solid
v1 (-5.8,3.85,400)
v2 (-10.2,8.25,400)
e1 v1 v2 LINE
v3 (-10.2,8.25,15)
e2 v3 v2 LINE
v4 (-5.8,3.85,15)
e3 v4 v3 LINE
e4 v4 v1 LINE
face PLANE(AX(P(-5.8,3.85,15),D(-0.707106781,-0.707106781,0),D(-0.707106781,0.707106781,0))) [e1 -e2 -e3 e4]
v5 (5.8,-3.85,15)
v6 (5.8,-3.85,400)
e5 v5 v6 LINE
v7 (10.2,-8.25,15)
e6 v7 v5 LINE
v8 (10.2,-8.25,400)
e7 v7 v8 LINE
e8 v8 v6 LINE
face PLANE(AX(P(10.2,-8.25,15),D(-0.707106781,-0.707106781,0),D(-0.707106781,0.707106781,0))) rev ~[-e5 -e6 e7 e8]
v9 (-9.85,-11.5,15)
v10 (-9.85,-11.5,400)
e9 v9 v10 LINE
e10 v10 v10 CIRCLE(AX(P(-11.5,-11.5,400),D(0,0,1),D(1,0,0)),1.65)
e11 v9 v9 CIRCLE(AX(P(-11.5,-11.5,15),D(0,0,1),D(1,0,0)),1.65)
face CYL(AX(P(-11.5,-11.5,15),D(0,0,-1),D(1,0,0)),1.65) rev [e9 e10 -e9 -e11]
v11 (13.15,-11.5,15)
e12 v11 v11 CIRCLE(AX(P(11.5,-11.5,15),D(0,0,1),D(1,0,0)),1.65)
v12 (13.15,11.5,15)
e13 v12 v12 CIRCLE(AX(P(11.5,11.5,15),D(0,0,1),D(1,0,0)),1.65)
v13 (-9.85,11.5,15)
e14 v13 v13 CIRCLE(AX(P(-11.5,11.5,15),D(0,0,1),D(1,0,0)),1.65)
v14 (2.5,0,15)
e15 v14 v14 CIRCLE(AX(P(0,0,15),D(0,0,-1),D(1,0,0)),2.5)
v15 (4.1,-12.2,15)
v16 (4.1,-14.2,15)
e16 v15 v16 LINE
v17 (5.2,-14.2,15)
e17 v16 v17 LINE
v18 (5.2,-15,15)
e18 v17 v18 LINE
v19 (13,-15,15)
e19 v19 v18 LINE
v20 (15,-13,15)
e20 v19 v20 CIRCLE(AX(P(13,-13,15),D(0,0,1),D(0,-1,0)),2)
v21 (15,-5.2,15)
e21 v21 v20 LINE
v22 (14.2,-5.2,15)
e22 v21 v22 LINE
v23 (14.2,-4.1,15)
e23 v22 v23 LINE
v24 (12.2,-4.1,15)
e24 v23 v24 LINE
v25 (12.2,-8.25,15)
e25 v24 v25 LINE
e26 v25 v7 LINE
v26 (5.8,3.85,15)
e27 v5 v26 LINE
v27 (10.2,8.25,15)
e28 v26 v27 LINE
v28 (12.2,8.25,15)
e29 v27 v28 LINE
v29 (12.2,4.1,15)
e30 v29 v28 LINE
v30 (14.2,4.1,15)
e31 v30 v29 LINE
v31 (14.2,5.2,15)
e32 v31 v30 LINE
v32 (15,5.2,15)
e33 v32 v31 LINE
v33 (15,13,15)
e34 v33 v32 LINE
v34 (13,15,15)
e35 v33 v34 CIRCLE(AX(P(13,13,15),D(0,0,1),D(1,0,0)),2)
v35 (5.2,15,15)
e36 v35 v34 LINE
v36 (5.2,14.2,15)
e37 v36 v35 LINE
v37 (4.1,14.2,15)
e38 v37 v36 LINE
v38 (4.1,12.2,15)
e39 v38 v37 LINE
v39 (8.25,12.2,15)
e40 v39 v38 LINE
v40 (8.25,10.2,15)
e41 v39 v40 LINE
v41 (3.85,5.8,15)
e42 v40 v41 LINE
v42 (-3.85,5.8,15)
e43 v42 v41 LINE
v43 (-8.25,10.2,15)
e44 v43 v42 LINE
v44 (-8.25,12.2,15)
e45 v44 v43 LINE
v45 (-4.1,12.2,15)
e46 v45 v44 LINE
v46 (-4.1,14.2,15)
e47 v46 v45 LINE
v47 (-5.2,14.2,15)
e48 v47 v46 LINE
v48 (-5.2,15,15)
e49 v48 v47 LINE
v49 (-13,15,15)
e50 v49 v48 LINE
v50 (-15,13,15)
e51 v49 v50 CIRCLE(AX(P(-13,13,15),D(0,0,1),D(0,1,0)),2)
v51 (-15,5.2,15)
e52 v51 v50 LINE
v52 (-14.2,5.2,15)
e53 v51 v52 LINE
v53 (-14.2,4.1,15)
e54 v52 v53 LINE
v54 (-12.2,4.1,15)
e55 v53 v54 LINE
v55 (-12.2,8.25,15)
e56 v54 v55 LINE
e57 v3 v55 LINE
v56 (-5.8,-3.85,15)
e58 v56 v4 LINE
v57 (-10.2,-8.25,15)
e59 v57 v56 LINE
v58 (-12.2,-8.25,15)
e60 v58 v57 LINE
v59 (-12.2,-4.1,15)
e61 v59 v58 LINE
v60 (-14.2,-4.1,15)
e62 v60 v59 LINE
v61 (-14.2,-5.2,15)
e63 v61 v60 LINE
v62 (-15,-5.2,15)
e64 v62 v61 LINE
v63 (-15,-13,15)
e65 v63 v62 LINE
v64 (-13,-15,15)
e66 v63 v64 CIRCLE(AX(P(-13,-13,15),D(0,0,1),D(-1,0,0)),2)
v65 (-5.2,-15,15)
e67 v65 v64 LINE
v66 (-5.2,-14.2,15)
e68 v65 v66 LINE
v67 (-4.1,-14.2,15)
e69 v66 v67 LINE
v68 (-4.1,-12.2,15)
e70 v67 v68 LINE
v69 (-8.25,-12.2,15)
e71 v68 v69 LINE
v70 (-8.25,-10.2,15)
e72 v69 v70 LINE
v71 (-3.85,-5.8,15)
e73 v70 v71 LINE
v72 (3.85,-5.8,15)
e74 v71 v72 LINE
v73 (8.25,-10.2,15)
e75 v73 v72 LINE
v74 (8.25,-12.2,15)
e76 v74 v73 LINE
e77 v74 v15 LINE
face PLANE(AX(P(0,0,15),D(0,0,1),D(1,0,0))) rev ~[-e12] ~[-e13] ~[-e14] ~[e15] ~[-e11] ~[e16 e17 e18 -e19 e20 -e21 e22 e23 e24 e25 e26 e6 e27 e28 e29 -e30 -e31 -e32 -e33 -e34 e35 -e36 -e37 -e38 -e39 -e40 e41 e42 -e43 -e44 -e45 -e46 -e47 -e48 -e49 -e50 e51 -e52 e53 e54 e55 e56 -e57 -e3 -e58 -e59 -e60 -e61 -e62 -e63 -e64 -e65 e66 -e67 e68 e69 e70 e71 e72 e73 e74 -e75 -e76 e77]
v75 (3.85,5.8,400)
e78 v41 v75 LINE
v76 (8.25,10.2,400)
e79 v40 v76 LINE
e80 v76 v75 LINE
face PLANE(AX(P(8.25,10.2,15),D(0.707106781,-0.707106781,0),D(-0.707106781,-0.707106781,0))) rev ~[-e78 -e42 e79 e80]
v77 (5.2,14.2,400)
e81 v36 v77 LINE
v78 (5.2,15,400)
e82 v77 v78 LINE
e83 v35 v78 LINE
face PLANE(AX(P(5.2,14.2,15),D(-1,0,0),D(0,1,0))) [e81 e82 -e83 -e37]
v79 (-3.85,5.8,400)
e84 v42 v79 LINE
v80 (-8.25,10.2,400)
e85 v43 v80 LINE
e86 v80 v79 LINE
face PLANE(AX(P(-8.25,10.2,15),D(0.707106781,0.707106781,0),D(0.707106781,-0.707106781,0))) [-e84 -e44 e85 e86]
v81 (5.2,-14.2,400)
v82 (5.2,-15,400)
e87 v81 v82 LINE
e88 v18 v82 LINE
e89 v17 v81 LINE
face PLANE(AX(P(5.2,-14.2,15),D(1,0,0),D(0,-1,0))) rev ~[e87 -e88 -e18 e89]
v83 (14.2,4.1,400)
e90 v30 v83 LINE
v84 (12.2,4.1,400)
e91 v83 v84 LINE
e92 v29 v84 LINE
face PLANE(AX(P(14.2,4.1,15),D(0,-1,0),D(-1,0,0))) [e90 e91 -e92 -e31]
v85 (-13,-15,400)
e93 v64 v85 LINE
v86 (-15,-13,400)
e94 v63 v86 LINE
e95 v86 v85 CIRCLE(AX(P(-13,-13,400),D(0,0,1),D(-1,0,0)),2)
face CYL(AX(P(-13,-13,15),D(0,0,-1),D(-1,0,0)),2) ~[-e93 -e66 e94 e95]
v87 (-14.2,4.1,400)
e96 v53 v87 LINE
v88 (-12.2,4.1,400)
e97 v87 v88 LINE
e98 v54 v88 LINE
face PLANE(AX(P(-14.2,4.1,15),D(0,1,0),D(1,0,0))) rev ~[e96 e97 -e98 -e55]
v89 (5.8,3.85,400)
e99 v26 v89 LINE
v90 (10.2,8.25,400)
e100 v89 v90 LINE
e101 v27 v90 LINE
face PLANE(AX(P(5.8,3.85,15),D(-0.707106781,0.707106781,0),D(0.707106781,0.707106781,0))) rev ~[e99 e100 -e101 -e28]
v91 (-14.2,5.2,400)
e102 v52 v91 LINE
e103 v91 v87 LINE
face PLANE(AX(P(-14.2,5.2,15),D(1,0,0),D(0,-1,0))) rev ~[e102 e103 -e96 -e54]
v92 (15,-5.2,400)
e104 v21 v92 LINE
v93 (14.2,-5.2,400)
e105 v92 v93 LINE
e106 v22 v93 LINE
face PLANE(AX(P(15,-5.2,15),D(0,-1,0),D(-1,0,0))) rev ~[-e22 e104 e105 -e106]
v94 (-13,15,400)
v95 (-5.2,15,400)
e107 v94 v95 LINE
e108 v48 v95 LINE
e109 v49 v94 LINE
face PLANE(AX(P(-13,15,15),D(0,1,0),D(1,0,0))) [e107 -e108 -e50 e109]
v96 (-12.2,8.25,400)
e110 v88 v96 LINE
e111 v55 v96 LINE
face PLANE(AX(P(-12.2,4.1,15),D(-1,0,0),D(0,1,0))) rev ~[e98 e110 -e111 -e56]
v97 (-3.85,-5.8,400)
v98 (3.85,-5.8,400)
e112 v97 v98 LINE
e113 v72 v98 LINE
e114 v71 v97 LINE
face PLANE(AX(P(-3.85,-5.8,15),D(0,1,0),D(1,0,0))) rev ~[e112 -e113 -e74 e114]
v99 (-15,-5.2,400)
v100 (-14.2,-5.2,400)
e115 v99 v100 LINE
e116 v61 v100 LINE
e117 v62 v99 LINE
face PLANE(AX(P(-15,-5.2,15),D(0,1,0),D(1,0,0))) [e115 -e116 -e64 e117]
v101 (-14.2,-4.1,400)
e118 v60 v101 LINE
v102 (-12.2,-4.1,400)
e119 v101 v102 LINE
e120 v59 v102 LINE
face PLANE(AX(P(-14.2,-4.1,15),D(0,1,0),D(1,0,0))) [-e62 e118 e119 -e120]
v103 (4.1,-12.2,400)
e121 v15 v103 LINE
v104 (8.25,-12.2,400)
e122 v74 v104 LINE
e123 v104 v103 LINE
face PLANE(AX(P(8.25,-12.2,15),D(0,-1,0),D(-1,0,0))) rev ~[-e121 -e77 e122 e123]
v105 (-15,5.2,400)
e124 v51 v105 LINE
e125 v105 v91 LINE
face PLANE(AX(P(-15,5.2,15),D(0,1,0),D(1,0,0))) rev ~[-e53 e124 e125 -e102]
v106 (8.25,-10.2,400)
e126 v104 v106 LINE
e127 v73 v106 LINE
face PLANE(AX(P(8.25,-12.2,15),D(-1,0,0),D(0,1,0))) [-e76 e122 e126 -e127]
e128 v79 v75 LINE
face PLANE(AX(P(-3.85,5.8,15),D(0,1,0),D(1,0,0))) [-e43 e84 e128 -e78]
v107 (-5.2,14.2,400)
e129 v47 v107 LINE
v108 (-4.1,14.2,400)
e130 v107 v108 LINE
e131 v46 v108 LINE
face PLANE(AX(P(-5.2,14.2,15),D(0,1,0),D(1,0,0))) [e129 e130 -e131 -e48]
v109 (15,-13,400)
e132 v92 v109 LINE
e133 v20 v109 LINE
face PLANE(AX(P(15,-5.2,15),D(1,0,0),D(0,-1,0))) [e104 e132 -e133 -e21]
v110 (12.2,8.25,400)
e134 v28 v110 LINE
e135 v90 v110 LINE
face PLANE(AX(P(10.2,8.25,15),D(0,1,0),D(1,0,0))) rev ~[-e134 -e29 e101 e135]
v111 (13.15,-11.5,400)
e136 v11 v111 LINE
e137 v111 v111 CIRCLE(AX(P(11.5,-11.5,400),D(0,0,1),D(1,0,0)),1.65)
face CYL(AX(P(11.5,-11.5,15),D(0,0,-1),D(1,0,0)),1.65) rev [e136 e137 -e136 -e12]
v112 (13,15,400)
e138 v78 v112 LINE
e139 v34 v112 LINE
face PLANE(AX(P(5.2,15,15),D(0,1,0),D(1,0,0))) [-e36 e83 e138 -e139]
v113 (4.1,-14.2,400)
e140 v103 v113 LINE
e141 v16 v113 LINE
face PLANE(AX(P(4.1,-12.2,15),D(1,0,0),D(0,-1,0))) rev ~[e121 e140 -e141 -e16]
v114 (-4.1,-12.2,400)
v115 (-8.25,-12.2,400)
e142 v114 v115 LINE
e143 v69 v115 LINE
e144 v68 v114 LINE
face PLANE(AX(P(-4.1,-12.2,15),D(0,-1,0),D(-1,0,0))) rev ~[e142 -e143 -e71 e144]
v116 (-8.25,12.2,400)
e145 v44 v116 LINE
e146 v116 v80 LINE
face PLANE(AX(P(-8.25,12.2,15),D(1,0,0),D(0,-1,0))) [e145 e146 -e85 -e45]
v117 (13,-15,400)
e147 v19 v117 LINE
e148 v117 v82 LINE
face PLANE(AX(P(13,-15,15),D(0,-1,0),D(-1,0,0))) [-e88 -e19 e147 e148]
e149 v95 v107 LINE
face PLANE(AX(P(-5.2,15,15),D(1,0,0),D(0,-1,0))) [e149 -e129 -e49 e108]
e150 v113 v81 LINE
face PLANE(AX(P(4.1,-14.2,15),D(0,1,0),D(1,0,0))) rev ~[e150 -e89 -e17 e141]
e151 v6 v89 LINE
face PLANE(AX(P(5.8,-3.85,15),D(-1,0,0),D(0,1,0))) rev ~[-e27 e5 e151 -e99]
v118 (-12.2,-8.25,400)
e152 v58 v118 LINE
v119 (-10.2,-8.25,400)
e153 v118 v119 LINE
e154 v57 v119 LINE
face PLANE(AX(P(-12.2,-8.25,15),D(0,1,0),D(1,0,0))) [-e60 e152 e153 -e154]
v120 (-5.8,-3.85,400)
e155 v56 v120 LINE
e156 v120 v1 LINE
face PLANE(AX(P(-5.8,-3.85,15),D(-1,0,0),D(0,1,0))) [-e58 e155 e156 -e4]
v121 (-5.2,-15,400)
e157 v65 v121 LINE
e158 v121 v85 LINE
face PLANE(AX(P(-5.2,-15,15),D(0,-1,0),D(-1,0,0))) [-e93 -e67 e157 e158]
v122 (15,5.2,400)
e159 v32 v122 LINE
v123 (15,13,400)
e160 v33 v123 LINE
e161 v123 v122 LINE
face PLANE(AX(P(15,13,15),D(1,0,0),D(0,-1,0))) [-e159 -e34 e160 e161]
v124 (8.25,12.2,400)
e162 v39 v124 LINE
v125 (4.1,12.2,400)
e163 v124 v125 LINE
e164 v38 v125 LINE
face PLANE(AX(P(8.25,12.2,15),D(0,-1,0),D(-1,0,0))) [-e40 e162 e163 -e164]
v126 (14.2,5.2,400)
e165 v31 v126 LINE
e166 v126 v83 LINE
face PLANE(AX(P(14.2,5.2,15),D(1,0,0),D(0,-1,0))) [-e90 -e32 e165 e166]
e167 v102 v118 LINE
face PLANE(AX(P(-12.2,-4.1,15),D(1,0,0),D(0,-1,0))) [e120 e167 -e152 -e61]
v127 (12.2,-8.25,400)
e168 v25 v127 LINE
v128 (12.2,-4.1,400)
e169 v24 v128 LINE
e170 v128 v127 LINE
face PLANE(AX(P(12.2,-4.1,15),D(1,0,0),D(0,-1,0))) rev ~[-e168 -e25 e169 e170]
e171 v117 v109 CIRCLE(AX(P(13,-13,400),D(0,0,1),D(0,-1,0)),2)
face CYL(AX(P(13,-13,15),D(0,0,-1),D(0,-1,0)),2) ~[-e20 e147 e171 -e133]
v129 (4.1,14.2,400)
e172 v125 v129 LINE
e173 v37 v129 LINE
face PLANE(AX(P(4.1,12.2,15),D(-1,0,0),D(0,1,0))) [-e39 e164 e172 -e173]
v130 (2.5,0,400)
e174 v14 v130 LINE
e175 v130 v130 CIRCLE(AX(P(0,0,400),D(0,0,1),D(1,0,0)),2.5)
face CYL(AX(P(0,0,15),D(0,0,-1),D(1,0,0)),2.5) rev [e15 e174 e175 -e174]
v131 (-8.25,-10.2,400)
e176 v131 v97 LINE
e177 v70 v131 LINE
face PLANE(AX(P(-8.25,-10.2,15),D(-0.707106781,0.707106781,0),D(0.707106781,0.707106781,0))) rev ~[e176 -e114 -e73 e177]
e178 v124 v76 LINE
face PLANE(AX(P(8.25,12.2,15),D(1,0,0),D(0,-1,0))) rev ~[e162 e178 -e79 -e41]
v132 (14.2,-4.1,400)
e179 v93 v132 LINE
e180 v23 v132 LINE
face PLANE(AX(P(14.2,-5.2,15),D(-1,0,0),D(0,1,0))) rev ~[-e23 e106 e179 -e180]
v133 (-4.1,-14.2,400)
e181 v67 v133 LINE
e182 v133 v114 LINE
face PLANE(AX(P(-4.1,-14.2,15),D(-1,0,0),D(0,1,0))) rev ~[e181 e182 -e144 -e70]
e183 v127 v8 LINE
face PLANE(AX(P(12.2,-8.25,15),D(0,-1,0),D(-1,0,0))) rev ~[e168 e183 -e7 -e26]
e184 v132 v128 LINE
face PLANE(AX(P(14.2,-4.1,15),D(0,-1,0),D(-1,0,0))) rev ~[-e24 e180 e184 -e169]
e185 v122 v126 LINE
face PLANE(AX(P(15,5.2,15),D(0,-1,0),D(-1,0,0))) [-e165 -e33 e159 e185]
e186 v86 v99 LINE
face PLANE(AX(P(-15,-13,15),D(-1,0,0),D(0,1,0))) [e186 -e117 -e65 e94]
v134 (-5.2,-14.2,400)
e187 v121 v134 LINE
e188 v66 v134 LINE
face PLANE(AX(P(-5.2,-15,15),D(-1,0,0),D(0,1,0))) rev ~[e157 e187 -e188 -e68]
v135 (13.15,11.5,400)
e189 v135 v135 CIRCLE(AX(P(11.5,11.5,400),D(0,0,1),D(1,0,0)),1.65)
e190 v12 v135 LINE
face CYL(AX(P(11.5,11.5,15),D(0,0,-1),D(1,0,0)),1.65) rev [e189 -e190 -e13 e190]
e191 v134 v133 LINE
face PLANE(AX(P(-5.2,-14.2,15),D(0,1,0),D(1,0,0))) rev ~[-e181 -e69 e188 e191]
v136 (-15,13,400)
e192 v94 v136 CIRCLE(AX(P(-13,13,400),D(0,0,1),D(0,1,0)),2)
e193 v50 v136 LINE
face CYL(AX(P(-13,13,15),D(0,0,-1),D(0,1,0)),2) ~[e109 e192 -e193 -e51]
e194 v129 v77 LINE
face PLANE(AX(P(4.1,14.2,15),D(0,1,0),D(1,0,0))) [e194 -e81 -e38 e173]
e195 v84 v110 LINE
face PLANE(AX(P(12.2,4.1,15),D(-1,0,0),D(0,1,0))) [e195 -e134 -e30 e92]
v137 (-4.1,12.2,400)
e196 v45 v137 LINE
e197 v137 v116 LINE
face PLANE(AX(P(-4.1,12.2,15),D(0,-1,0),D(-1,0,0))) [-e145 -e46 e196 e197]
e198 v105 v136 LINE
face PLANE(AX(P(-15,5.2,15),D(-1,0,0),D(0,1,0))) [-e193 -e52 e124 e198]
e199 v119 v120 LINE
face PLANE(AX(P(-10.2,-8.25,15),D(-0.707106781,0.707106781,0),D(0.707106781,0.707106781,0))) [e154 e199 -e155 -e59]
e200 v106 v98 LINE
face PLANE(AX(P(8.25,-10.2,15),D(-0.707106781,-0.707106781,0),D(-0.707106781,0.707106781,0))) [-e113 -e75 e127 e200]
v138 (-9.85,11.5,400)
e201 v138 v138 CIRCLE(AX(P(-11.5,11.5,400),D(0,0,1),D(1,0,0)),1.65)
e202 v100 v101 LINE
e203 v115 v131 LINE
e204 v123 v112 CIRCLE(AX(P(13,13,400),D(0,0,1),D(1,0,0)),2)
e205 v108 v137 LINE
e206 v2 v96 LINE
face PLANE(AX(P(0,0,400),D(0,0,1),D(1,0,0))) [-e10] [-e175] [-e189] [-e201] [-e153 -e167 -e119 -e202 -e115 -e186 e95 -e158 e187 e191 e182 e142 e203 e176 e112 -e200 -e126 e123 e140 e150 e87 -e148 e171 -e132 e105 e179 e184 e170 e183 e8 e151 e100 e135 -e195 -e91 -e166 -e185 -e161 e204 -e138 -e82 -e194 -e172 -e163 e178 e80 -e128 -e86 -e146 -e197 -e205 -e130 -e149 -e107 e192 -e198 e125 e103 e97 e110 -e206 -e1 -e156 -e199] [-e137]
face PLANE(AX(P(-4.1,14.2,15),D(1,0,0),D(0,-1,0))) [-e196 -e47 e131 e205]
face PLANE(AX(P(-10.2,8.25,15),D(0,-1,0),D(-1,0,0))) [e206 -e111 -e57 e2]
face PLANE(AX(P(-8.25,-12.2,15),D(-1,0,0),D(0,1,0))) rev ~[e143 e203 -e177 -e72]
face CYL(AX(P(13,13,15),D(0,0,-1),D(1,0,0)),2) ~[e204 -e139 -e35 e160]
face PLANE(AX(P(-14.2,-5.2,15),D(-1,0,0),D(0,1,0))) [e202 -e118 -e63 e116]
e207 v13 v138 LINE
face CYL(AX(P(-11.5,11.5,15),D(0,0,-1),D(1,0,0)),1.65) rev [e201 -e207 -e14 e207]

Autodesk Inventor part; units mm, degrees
sketch "Sketch" plane through (0, 0, 0) normal (0, 0, 1) x (1, 0, 0)
  line L0 (-13, 15) -> (13, 15)
  line L1 (15, 13) -> (15, -13)
  line L2 (-15, 15) -> (15, -15) construction
  line L3 (15, 15) -> (-15, -15) construction
  line L4 (-5.2, 15) -> (-5.2, 14.2)
  line L5 (-5.2, 14.2) -> (-4.1, 14.2)
  line L6 (-4.1, 14.2) -> (-4.1, 12.2)
  line L7 (-4.1, 12.2) -> (-8.25, 12.2)
  line L8 (-8.25, 12.2) -> (-8.25, 10.2)
  line L9 (-8.25, 10.2) -> (-3.85, 5.8)
  line L10 (-3.85, 5.8) -> (3.85, 5.8)
  line L11 (8.25, 12.2) -> (4.1, 12.2)
  line L12 (4.1, 12.2) -> (4.1, 14.2)
  line L13 (4.1, 14.2) -> (5.2, 14.2)
  line L14 (5.2, 14.2) -> (5.2, 15)
  line L15 (8.25, 12.2) -> (8.25, 10.2)
  line L16 (8.25, 10.2) -> (3.85, 5.8)
  line L17 (-2.5, 0) -> (0, 0)
  line L18 (-5.2, -15) -> (-5.2, -14.2)
  line L19 (-5.2, -14.2) -> (-4.1, -14.2)
  line L20 (-4.1, -14.2) -> (-4.1, -12.2)
  line L21 (-4.1, -12.2) -> (-8.25, -12.2)
  line L22 (-8.25, -12.2) -> (-8.25, -10.2)
  line L23 (-8.25, -10.2) -> (-3.85, -5.8)
  line L24 (-3.85, -5.8) -> (3.85, -5.8)
  line L25 (8.25, -12.2) -> (4.1, -12.2)
  line L26 (4.1, -12.2) -> (4.1, -14.2)
  line L27 (4.1, -14.2) -> (5.2, -14.2)
  line L28 (5.2, -14.2) -> (5.2, -15)
  line L29 (8.25, -12.2) -> (8.25, -10.2)
  line L30 (8.25, -10.2) -> (3.85, -5.8)
  line L31 (15, 5.2) -> (14.2, 5.2)
  line L32 (14.2, 5.2) -> (14.2, 4.1)
  line L33 (14.2, 4.1) -> (12.2, 4.1)
  line L34 (12.2, 4.1) -> (12.2, 8.25)
  line L35 (15, -5.2) -> (14.2, -5.2)
  line L36 (14.2, -5.2) -> (14.2, -4.1)
  line L37 (14.2, -4.1) -> (12.2, -4.1)
  line L38 (12.2, -4.1) -> (12.2, -8.25)
  line L39 (12.2, -8.25) -> (10.2, -8.25)
  line L40 (10.2, -8.25) -> (5.8, -3.85)
  line L41 (5.8, -3.85) -> (5.8, 3.85)
  line L42 (5.8, 3.85) -> (10.2, 8.25)
  line L43 (10.2, 8.25) -> (12.2, 8.25)
  line L44 (-15, 5.2) -> (-14.2, 5.2)
  line L45 (-14.2, 5.2) -> (-14.2, 4.1)
  line L46 (-14.2, 4.1) -> (-12.2, 4.1)
  line L47 (-12.2, 4.1) -> (-12.2, 8.25)
  line L48 (-15, -5.2) -> (-14.2, -5.2)
  line L49 (-14.2, -5.2) -> (-14.2, -4.1)
  line L50 (-14.2, -4.1) -> (-12.2, -4.1)
  line L51 (-12.2, -4.1) -> (-12.2, -8.25)
  line L52 (-12.2, -8.25) -> (-10.2, -8.25)
  line L53 (-10.2, -8.25) -> (-5.8, -3.85)
  line L54 (-5.8, -3.85) -> (-5.8, 3.85)
  line L55 (-5.8, 3.85) -> (-10.2, 8.25)
  line L56 (-10.2, 8.25) -> (-12.2, 8.25)
  circle A0 centre (11.5, 11.5) radius 1.65
  circle A1 centre (11.5, -11.5) radius 1.65
  circle A2 centre (-11.5, 11.5) radius 1.65
  circle A3 centre (-11.5, -11.5) radius 1.65
  line L57 (-15, -13) -> (-15, -5.2)
  line L58 (-15, 5.2) -> (-15, 13)
  line L59 (13, -15) -> (5.2, -15)
  line L60 (-5.2, -15) -> (-13, -15)
  arc A4 (-13, 15) -> (-15, 13) centre (-13, 13) ccw
  arc A5 (15, 13) -> (13, 15) centre (13, 13) ccw
  arc A6 (13, -15) -> (15, -13) centre (13, -13) ccw
  arc A7 (-15, -13) -> (-13, -15) centre (-13, -13) ccw
  circle A8 centre (0, 0) radius 2.5
  point P0 (0, 0)
  point P1 (0, 5.8)
  point P2 (0, -2.5)
  point P3 (0, 2.5)
  dimension "d2" = 8.2
  dimension "d3" = 4.1
  dimension "d4" = 10.4
  dimension "d5" = 5.2
  dimension "d8" = 9.2
  dimension "d11" = 16.5
  dimension "d12" = 8.25
  dimension "d14" = 0.8
  dimension "d15" = 2
  dimension "d16" = 2
  dimension "d34" = 0.8
  dimension "d35" = 10.4
  dimension "d36" = 5.2
  dimension "d37" = 8.2
  dimension "d38" = 4.1
  dimension "d39" = 2
  dimension "d40" = 16.5
  dimension "d41" = 8.25
  dimension "d42" = 2
  dimension "d43" = 9.2
  dimension "d44" = 23
  dimension "d45" = 11.5
  dimension "d46" = 23
  dimension "d48" = 3.3
  dimension "d55" = 2
  dimension "d62" = 5
  dimension "d65" = 11.5
  dimension "d66" = 6.4
  dimension "d67" = 3.25
  dimension "d68" = 4.15
  dimension "d69" = 0.8
  dimension "d70" = 2
  dimension "d71" = 2.7577
  dimension "d72" = 5.8
  dimension "d73" = 2.7577
  dimension "d74" = 4.15
  dimension "d75" = 2
  dimension "d76" = 3.25
  dimension "d77" = 2
  dimension "d78" = 1.1
  dimension "d79" = 0.8
  dimension "d80" = 135
  dimension "d81" = 2
  dimension "d82" = 1.1
  dimension "d83" = 7.4
  dimension "d84" = 7.4
  dimension "d85" = 6.4
  dimension "d86" = 6.3
ref_plane "Work Plane3" through (0, 0, 250) normal (0, 0, 1) x (1, 0, 0)
ref_plane "Start Plane" through (0, 0, 0) normal (0, 0, 1) x (1, 0, 0)
ref_plane "End Plane" through (0, 0, 400) normal (0, 0, 1) x (1, 0, 0)
ref_plane "Start Plane1" through (0, 0, 0) normal (0, 0, 1) x (1, 0, 0)
ref_plane "End Plane1" through (0, 0, 400) normal (0, 0, 1) x (1, 0, 0)
ref_plane "Start Plane2" through (0, 0, 15) normal (0, 0, 1) x (1, 0, 0)
ref_plane "End Plane2" through (0, 0, 400) normal (0, 0, 1) x (1, 0, 0)
extrude "Body" add sketch "Sketch" along normal up to surface (385 mm away) from surface at 15 contours L0 L4 L5 L6 L7 L8 L9 L10 L16 L15 L11 L12 L13 L14 A5 L1 L31 L32 L33 L34 L43 L42 L41 L40 L39 L38 L37 L36 L35 A6 L59 L28 L27 L26 L25 L29 L30 L24 L23 L22 L21 L20 L19 L18 L60 A7 L57 L48 L49 L50 L51 L52 L53 L54 L55 L56 L47 L46 L45 L44 L58 A4
sketch "Sketch7" plane through (0, 0, 0) normal (0, 0, 1) x (1, 0, 0)
  line L0 (0, 0) -> (10, 0)
ref_plane "Work Plane10" through (0, 0, 0) normal (0, -1, 0) x (1, 0, 0)
sketch "Sketch8" plane through (0, 0, 0) normal (0, -1, 0) x (1, 0, 0)
  line L0 (-2, 15) -> (12, 15)
  line L1 (-2, 400) -> (12, 400)
  dimension "d100" = 385
ref_plane "Work Plane11" through (444.8, 225, 15) normal (0, 0, -1) x (-1, 0, 0)
split "Split1" plane through (444.8, 225, 15) removes the side toward (0, 0, -1)
equation "\"d3\" = 0.5 * d2"
equation "\"d5\" = 0.5 * d4"
equation "\"d12\" = 0.5 * d11"
equation "\"d36\" = 0.5 * d35"
equation "\"d38\" = 0.5 * d37"
equation "\"d41\" = 0.5 * d40"
equation "\"d45\" = 0.5 * d44"
equation "\"G_OFFSET_START\" = 0"
equation "\"G_OFFSET_END\" = 0"
equation "\"G_L\" = 500"
equation "\"G_OFFSET_START1\" = 0"
equation "\"G_OFFSET_END1\" = 0"
equation "\"G_OFFSET_START2\" = -15"
equation "\"G_OFFSET_END2\" = 0"
equation "\"d95\" = -G_OFFSET_START2"
properties part number "385 mm" material "Aluminum 6061"
